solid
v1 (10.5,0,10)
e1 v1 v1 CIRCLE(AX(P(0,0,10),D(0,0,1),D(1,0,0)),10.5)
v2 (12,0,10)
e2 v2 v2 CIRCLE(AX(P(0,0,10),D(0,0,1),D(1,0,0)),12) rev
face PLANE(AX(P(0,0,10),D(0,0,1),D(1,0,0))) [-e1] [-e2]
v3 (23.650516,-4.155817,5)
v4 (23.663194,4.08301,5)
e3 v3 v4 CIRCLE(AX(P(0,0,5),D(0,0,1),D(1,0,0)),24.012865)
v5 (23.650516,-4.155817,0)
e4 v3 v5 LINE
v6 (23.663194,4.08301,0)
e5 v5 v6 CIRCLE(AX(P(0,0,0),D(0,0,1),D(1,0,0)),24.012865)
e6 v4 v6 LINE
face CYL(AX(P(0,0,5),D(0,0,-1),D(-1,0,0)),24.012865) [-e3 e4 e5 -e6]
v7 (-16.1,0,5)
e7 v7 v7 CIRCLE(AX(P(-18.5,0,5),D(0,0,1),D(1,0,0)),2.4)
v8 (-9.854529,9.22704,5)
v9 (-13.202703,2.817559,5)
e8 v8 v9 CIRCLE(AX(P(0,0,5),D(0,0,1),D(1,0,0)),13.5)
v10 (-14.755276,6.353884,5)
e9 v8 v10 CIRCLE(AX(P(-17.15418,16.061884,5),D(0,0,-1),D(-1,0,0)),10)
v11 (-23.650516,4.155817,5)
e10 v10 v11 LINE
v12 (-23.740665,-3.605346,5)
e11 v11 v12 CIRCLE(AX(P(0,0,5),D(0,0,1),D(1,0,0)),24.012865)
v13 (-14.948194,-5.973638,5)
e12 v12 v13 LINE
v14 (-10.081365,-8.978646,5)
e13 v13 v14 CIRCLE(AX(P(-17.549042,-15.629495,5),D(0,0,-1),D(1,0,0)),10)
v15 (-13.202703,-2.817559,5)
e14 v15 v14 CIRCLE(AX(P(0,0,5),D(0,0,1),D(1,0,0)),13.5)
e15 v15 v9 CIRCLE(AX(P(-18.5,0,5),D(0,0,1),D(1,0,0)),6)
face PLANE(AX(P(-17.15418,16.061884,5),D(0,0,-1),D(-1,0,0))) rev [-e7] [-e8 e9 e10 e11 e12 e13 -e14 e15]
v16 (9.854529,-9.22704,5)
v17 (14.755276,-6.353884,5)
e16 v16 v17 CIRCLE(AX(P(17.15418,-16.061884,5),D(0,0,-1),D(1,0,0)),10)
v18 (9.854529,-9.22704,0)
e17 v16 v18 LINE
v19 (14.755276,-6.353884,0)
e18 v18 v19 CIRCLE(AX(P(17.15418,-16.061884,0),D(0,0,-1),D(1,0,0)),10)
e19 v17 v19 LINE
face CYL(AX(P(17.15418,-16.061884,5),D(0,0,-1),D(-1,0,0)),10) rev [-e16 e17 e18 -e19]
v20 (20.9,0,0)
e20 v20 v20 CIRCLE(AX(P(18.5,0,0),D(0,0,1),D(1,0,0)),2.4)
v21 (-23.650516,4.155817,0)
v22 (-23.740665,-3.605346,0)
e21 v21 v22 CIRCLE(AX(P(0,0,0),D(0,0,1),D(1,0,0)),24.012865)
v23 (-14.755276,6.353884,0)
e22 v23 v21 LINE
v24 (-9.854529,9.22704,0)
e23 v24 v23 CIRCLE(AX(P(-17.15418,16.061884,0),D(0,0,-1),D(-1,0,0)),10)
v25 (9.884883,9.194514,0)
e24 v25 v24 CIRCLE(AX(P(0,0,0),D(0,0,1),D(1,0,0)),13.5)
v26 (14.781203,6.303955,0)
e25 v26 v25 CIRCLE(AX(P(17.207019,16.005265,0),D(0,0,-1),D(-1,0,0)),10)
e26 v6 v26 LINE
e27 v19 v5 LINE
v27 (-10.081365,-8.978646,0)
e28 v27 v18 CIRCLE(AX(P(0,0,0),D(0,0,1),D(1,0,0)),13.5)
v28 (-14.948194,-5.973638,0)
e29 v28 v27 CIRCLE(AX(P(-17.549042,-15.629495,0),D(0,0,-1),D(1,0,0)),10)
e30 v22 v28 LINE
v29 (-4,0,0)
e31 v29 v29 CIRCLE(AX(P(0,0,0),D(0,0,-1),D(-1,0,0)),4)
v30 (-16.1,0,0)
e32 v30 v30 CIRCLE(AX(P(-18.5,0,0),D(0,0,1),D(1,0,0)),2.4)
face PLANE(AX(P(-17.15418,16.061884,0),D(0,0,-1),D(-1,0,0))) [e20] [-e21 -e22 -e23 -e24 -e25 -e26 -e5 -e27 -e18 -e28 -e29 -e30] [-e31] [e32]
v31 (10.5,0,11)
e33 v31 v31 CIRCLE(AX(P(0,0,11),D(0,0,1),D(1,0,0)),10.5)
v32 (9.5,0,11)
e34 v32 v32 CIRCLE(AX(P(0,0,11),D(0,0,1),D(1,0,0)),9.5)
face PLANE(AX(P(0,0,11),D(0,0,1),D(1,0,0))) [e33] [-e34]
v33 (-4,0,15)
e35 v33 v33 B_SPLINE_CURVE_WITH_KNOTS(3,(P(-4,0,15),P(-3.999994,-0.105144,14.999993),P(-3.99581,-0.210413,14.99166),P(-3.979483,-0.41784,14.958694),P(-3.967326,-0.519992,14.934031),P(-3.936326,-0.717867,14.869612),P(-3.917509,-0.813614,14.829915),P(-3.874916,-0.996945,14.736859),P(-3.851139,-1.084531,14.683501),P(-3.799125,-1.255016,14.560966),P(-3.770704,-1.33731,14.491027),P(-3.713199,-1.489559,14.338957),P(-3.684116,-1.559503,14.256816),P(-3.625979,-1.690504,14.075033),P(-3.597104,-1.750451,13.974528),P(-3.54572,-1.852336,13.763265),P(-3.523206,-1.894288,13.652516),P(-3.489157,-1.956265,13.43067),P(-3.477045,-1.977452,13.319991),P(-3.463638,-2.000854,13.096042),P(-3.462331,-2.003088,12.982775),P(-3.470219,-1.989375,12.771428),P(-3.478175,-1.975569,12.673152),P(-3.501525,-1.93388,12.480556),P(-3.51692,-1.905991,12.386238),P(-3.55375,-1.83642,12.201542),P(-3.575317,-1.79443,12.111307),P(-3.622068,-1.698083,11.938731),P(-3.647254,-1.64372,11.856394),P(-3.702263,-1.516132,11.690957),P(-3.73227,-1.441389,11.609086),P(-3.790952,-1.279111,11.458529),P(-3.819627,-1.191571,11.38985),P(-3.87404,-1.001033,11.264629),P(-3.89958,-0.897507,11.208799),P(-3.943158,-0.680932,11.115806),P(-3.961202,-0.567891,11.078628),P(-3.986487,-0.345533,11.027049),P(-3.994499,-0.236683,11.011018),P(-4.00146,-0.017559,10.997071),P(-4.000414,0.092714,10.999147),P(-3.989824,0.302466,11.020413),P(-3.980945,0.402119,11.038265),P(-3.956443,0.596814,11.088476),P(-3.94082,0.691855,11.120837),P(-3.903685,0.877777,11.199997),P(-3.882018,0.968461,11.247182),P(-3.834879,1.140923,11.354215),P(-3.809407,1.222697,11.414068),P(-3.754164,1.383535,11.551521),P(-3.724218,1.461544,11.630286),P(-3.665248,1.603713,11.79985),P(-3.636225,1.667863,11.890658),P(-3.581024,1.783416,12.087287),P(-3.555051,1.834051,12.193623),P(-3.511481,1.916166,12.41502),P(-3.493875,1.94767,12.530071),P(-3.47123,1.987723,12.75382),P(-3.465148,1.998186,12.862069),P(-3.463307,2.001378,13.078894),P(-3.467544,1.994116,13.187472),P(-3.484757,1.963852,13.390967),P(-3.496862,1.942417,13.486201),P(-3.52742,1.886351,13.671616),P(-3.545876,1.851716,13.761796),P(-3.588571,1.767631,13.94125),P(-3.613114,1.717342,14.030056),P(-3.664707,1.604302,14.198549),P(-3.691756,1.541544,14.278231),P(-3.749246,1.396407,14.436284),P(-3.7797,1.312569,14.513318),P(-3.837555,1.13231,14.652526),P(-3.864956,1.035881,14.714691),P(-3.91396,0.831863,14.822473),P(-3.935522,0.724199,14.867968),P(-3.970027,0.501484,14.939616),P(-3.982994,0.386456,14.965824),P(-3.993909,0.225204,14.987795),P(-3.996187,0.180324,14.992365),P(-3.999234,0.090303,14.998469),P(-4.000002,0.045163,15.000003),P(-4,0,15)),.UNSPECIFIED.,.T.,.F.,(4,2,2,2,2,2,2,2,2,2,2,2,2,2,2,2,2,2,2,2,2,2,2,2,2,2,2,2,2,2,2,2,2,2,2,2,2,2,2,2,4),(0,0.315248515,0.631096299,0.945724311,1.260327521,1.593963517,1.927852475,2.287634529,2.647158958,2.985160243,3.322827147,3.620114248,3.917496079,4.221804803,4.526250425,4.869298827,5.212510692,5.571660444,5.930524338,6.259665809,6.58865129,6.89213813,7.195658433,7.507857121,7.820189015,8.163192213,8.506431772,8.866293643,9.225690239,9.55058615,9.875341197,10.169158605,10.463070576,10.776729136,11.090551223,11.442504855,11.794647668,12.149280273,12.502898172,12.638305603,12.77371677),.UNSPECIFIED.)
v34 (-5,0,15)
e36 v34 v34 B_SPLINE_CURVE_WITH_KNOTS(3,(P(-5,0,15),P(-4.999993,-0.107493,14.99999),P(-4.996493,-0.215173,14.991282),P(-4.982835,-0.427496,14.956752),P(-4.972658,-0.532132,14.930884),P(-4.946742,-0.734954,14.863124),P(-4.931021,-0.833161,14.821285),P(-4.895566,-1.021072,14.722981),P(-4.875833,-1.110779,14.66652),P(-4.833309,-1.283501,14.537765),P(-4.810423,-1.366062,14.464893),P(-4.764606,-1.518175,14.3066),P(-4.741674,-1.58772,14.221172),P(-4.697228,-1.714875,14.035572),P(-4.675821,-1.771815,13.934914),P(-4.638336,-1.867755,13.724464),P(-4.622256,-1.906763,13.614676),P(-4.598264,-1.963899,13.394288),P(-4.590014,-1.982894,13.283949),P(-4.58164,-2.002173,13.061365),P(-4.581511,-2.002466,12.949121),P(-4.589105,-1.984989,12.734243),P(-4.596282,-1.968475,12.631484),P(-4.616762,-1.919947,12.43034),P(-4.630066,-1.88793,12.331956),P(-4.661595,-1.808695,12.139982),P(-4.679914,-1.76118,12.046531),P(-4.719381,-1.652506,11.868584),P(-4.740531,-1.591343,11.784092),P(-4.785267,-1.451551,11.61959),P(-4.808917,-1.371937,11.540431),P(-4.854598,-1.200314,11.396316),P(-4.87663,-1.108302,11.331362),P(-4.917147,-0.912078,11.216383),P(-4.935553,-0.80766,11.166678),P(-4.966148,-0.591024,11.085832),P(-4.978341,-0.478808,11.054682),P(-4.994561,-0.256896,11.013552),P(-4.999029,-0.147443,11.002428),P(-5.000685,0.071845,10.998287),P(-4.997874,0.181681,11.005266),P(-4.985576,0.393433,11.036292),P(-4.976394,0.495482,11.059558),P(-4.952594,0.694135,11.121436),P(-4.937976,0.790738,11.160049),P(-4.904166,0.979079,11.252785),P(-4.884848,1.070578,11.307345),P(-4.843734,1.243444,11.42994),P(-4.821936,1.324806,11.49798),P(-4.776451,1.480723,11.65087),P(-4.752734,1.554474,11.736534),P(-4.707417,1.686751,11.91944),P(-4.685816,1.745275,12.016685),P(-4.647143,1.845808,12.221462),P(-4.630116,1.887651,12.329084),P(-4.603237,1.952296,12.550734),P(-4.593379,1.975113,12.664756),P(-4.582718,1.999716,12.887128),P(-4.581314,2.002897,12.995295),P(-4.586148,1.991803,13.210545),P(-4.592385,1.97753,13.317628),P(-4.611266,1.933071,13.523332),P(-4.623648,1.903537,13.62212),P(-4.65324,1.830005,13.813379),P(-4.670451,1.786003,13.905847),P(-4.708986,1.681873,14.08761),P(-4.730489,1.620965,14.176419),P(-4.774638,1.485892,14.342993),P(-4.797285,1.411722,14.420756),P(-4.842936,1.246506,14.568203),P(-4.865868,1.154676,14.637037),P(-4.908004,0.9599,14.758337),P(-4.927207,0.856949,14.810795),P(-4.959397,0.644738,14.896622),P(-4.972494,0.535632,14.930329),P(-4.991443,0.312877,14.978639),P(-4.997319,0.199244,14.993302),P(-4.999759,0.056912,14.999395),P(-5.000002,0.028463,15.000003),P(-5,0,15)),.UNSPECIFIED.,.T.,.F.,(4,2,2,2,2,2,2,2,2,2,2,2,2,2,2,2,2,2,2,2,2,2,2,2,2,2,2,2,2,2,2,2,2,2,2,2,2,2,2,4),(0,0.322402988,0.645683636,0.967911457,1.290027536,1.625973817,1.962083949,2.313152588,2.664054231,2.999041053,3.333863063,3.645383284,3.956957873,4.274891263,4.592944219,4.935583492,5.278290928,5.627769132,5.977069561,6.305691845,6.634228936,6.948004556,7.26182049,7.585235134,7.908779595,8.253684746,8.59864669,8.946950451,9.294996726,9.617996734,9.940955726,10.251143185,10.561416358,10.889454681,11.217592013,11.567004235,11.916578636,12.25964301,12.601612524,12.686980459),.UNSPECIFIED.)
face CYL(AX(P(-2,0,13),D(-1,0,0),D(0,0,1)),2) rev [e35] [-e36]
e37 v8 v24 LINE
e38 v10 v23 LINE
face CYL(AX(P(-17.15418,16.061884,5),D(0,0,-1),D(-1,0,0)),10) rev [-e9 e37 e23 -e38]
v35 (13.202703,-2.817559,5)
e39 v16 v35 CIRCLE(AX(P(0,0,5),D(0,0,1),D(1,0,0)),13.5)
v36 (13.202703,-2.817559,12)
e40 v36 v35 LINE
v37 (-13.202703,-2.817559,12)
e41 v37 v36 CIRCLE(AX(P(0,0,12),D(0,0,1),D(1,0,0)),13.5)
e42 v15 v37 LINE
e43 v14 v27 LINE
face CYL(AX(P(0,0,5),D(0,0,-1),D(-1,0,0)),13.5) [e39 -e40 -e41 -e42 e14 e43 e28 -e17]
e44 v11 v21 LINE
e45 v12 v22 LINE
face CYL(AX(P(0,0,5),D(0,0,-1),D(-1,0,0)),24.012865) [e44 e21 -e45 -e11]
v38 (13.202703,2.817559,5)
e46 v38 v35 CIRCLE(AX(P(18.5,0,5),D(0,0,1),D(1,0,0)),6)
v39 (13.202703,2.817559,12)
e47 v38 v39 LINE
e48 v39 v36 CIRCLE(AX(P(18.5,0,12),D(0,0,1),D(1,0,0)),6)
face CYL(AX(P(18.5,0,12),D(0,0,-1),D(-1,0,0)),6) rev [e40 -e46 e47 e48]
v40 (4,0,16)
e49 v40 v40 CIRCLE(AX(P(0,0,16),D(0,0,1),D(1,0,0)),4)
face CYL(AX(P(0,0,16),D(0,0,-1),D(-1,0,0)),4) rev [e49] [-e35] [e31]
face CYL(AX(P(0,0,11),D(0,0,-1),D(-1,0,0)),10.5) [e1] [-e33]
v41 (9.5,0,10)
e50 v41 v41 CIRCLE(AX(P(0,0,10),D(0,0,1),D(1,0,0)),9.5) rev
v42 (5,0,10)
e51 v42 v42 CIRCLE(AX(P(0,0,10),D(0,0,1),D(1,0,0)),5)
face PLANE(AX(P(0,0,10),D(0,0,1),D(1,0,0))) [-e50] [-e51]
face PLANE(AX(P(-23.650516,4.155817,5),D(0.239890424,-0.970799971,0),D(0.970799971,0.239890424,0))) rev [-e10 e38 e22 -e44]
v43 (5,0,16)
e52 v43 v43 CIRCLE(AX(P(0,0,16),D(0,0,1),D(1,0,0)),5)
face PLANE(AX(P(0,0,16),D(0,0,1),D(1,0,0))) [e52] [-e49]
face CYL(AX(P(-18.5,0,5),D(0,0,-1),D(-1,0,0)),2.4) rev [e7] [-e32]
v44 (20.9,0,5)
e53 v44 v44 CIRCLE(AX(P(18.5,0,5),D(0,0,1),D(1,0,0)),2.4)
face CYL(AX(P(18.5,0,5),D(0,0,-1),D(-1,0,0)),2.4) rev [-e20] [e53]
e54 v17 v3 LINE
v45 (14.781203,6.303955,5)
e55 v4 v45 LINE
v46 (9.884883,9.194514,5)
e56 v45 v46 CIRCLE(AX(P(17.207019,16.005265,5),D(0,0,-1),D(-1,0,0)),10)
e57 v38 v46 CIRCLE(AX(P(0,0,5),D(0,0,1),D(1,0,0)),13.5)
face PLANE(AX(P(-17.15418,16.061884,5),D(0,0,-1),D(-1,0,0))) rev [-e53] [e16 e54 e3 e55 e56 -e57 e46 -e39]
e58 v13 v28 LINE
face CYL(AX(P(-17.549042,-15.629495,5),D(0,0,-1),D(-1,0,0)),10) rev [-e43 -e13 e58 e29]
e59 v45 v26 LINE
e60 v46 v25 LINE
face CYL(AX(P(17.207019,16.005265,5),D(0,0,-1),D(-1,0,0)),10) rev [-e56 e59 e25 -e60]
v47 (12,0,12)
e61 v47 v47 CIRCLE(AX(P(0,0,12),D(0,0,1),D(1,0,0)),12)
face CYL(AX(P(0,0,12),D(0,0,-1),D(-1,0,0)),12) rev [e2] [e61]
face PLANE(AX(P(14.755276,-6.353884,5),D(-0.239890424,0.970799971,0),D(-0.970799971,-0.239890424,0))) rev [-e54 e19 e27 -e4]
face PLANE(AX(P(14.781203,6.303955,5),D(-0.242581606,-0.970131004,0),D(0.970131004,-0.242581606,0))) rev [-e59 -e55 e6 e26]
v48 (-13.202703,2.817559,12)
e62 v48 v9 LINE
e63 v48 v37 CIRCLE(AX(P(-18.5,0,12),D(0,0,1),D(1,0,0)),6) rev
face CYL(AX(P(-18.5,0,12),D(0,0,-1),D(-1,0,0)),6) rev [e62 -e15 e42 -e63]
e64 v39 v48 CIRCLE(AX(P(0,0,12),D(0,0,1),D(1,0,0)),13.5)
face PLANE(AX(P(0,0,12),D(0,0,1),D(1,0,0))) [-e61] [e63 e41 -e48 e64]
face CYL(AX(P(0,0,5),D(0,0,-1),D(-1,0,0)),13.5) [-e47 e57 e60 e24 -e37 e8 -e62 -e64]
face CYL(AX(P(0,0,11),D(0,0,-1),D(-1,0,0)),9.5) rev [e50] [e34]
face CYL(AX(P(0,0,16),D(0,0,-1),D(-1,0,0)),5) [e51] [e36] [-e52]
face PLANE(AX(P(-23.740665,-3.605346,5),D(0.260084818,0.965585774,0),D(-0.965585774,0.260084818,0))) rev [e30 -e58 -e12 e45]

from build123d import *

# Parameters (mm, degrees)
SKETCH_1_R          = 2.4
EXTRUDE_1_DEPTH     = 5
SKETCH_2_R          = 13.5
EXTRUDE_2_DEPTH     = 5
SKETCH_3_R          = 13.5
SKETCH_3_R_2        = 12
EXTRUDE_3_DEPTH     = 2
SKETCH_4_R          = 5
SKETCH_4_R_2        = 4
EXTRUDE_4_DEPTH     = 6
SKETCH_5_R          = 6
CUT_EXTRUDE_1_DEPTH = 7
SKETCH_6_R          = 4
CUT_EXTRUDE_2_DEPTH = 13
SKETCH_7_R          = 10.5
SKETCH_7_R_2        = 9.5
EXTRUDE_5_DEPTH     = 1
SKETCH_8_R          = 2
CUT_EXTRUDE_3_DEPTH = 3


with BuildPart() as part:
    # 草图1 → 凸台-拉伸1 (new body)
    with BuildSketch(Plane.XY):
        with BuildLine():
            Line((-23.650515621, 4.155817481), (-14.755275826, 6.353883931))
            ThreePointArc((-14.755275826, 6.353883931), (-12.096586798, 7.435137426), (-9.854528975, 9.227039541))
            ThreePointArc((-9.854528975, 9.227039541), (0.022244584, 13.499981673), (9.884883075, 9.19451394))
            ThreePointArc((9.884883075, 9.19451394), (12.1232727, 7.393904675), (14.781202624, 6.30395497))
            Line((14.781202624, 6.30395497), (23.663193746, 4.083009896))
            ThreePointArc((23.663193746, 4.083009896), (24.012837039, -0.036951588), (23.650515621, -4.155817481))
            Line((23.650515621, -4.155817481), (14.755275826, -6.353883931))
            ThreePointArc((14.755275826, -6.353883931), (12.096586798, -7.435137426), (9.854528975, -9.227039541))
            ThreePointArc((9.854528975, -9.227039541), (-0.168191571, -13.498952241), (-10.081364571, -8.978646244))
            ThreePointArc((-10.081364571, -8.978646244), (-12.295346053, -7.120754011), (-14.948193848, -5.973637572))
            Line((-14.948193848, -5.973637572), (-23.740665236, -3.605346339))
            ThreePointArc((-23.740665236, -3.605346339), (-24.011245735, 0.278902058), (-23.650515621, 4.155817481))
        make_face()
        with Locations((18.5, 0)):
            Circle(SKETCH_1_R, mode=Mode.SUBTRACT)
        with Locations((-18.5, 0)):
            Circle(SKETCH_1_R, mode=Mode.SUBTRACT)
    extrude(amount=EXTRUDE_1_DEPTH)

    # 草图2 → 凸台-拉伸2 (add)
    with BuildSketch(Plane.XY.offset(5)):
        Circle(SKETCH_2_R)
    extrude(amount=EXTRUDE_2_DEPTH)

    # 草图3 → 凸台-拉伸3 (add)
    with BuildSketch(Plane.XY.offset(10)):
        Circle(SKETCH_3_R)
        Circle(SKETCH_3_R_2, mode=Mode.SUBTRACT)
    extrude(amount=EXTRUDE_3_DEPTH)

    # 草图4 → 凸台-拉伸4 (add)
    with BuildSketch(Plane.XY.offset(10)):
        Circle(SKETCH_4_R)
        Circle(SKETCH_4_R_2, mode=Mode.SUBTRACT)
    extrude(amount=EXTRUDE_4_DEPTH)

    # 草图5 → 切除-拉伸1 (cut)
    with BuildSketch(Plane.XY.offset(5)):
        with Locations((-18.5, 0)):
            Circle(SKETCH_5_R)
        with Locations((18.5, 0)):
            Circle(SKETCH_5_R)
    extrude(amount=CUT_EXTRUDE_1_DEPTH, mode=Mode.SUBTRACT)

    # 草图6 → 切除-拉伸2 (cut)
    with BuildSketch(Plane.XY.offset(10)):
        Circle(SKETCH_6_R)
    extrude(amount=-CUT_EXTRUDE_2_DEPTH, mode=Mode.SUBTRACT)

    # 草图7 → 凸台-拉伸5 (add)
    with BuildSketch(Plane.XY.offset(10)):
        Circle(SKETCH_7_R)
        Circle(SKETCH_7_R_2, mode=Mode.SUBTRACT)
    extrude(amount=EXTRUDE_5_DEPTH)

    # 草图8 → 切除-拉伸3 (cut)
    with BuildSketch(Plane.ZY.offset(5)):
        with Locations((13, 0)):
            Circle(SKETCH_8_R)
    extrude(amount=-CUT_EXTRUDE_3_DEPTH, mode=Mode.SUBTRACT)


solid = part.part
